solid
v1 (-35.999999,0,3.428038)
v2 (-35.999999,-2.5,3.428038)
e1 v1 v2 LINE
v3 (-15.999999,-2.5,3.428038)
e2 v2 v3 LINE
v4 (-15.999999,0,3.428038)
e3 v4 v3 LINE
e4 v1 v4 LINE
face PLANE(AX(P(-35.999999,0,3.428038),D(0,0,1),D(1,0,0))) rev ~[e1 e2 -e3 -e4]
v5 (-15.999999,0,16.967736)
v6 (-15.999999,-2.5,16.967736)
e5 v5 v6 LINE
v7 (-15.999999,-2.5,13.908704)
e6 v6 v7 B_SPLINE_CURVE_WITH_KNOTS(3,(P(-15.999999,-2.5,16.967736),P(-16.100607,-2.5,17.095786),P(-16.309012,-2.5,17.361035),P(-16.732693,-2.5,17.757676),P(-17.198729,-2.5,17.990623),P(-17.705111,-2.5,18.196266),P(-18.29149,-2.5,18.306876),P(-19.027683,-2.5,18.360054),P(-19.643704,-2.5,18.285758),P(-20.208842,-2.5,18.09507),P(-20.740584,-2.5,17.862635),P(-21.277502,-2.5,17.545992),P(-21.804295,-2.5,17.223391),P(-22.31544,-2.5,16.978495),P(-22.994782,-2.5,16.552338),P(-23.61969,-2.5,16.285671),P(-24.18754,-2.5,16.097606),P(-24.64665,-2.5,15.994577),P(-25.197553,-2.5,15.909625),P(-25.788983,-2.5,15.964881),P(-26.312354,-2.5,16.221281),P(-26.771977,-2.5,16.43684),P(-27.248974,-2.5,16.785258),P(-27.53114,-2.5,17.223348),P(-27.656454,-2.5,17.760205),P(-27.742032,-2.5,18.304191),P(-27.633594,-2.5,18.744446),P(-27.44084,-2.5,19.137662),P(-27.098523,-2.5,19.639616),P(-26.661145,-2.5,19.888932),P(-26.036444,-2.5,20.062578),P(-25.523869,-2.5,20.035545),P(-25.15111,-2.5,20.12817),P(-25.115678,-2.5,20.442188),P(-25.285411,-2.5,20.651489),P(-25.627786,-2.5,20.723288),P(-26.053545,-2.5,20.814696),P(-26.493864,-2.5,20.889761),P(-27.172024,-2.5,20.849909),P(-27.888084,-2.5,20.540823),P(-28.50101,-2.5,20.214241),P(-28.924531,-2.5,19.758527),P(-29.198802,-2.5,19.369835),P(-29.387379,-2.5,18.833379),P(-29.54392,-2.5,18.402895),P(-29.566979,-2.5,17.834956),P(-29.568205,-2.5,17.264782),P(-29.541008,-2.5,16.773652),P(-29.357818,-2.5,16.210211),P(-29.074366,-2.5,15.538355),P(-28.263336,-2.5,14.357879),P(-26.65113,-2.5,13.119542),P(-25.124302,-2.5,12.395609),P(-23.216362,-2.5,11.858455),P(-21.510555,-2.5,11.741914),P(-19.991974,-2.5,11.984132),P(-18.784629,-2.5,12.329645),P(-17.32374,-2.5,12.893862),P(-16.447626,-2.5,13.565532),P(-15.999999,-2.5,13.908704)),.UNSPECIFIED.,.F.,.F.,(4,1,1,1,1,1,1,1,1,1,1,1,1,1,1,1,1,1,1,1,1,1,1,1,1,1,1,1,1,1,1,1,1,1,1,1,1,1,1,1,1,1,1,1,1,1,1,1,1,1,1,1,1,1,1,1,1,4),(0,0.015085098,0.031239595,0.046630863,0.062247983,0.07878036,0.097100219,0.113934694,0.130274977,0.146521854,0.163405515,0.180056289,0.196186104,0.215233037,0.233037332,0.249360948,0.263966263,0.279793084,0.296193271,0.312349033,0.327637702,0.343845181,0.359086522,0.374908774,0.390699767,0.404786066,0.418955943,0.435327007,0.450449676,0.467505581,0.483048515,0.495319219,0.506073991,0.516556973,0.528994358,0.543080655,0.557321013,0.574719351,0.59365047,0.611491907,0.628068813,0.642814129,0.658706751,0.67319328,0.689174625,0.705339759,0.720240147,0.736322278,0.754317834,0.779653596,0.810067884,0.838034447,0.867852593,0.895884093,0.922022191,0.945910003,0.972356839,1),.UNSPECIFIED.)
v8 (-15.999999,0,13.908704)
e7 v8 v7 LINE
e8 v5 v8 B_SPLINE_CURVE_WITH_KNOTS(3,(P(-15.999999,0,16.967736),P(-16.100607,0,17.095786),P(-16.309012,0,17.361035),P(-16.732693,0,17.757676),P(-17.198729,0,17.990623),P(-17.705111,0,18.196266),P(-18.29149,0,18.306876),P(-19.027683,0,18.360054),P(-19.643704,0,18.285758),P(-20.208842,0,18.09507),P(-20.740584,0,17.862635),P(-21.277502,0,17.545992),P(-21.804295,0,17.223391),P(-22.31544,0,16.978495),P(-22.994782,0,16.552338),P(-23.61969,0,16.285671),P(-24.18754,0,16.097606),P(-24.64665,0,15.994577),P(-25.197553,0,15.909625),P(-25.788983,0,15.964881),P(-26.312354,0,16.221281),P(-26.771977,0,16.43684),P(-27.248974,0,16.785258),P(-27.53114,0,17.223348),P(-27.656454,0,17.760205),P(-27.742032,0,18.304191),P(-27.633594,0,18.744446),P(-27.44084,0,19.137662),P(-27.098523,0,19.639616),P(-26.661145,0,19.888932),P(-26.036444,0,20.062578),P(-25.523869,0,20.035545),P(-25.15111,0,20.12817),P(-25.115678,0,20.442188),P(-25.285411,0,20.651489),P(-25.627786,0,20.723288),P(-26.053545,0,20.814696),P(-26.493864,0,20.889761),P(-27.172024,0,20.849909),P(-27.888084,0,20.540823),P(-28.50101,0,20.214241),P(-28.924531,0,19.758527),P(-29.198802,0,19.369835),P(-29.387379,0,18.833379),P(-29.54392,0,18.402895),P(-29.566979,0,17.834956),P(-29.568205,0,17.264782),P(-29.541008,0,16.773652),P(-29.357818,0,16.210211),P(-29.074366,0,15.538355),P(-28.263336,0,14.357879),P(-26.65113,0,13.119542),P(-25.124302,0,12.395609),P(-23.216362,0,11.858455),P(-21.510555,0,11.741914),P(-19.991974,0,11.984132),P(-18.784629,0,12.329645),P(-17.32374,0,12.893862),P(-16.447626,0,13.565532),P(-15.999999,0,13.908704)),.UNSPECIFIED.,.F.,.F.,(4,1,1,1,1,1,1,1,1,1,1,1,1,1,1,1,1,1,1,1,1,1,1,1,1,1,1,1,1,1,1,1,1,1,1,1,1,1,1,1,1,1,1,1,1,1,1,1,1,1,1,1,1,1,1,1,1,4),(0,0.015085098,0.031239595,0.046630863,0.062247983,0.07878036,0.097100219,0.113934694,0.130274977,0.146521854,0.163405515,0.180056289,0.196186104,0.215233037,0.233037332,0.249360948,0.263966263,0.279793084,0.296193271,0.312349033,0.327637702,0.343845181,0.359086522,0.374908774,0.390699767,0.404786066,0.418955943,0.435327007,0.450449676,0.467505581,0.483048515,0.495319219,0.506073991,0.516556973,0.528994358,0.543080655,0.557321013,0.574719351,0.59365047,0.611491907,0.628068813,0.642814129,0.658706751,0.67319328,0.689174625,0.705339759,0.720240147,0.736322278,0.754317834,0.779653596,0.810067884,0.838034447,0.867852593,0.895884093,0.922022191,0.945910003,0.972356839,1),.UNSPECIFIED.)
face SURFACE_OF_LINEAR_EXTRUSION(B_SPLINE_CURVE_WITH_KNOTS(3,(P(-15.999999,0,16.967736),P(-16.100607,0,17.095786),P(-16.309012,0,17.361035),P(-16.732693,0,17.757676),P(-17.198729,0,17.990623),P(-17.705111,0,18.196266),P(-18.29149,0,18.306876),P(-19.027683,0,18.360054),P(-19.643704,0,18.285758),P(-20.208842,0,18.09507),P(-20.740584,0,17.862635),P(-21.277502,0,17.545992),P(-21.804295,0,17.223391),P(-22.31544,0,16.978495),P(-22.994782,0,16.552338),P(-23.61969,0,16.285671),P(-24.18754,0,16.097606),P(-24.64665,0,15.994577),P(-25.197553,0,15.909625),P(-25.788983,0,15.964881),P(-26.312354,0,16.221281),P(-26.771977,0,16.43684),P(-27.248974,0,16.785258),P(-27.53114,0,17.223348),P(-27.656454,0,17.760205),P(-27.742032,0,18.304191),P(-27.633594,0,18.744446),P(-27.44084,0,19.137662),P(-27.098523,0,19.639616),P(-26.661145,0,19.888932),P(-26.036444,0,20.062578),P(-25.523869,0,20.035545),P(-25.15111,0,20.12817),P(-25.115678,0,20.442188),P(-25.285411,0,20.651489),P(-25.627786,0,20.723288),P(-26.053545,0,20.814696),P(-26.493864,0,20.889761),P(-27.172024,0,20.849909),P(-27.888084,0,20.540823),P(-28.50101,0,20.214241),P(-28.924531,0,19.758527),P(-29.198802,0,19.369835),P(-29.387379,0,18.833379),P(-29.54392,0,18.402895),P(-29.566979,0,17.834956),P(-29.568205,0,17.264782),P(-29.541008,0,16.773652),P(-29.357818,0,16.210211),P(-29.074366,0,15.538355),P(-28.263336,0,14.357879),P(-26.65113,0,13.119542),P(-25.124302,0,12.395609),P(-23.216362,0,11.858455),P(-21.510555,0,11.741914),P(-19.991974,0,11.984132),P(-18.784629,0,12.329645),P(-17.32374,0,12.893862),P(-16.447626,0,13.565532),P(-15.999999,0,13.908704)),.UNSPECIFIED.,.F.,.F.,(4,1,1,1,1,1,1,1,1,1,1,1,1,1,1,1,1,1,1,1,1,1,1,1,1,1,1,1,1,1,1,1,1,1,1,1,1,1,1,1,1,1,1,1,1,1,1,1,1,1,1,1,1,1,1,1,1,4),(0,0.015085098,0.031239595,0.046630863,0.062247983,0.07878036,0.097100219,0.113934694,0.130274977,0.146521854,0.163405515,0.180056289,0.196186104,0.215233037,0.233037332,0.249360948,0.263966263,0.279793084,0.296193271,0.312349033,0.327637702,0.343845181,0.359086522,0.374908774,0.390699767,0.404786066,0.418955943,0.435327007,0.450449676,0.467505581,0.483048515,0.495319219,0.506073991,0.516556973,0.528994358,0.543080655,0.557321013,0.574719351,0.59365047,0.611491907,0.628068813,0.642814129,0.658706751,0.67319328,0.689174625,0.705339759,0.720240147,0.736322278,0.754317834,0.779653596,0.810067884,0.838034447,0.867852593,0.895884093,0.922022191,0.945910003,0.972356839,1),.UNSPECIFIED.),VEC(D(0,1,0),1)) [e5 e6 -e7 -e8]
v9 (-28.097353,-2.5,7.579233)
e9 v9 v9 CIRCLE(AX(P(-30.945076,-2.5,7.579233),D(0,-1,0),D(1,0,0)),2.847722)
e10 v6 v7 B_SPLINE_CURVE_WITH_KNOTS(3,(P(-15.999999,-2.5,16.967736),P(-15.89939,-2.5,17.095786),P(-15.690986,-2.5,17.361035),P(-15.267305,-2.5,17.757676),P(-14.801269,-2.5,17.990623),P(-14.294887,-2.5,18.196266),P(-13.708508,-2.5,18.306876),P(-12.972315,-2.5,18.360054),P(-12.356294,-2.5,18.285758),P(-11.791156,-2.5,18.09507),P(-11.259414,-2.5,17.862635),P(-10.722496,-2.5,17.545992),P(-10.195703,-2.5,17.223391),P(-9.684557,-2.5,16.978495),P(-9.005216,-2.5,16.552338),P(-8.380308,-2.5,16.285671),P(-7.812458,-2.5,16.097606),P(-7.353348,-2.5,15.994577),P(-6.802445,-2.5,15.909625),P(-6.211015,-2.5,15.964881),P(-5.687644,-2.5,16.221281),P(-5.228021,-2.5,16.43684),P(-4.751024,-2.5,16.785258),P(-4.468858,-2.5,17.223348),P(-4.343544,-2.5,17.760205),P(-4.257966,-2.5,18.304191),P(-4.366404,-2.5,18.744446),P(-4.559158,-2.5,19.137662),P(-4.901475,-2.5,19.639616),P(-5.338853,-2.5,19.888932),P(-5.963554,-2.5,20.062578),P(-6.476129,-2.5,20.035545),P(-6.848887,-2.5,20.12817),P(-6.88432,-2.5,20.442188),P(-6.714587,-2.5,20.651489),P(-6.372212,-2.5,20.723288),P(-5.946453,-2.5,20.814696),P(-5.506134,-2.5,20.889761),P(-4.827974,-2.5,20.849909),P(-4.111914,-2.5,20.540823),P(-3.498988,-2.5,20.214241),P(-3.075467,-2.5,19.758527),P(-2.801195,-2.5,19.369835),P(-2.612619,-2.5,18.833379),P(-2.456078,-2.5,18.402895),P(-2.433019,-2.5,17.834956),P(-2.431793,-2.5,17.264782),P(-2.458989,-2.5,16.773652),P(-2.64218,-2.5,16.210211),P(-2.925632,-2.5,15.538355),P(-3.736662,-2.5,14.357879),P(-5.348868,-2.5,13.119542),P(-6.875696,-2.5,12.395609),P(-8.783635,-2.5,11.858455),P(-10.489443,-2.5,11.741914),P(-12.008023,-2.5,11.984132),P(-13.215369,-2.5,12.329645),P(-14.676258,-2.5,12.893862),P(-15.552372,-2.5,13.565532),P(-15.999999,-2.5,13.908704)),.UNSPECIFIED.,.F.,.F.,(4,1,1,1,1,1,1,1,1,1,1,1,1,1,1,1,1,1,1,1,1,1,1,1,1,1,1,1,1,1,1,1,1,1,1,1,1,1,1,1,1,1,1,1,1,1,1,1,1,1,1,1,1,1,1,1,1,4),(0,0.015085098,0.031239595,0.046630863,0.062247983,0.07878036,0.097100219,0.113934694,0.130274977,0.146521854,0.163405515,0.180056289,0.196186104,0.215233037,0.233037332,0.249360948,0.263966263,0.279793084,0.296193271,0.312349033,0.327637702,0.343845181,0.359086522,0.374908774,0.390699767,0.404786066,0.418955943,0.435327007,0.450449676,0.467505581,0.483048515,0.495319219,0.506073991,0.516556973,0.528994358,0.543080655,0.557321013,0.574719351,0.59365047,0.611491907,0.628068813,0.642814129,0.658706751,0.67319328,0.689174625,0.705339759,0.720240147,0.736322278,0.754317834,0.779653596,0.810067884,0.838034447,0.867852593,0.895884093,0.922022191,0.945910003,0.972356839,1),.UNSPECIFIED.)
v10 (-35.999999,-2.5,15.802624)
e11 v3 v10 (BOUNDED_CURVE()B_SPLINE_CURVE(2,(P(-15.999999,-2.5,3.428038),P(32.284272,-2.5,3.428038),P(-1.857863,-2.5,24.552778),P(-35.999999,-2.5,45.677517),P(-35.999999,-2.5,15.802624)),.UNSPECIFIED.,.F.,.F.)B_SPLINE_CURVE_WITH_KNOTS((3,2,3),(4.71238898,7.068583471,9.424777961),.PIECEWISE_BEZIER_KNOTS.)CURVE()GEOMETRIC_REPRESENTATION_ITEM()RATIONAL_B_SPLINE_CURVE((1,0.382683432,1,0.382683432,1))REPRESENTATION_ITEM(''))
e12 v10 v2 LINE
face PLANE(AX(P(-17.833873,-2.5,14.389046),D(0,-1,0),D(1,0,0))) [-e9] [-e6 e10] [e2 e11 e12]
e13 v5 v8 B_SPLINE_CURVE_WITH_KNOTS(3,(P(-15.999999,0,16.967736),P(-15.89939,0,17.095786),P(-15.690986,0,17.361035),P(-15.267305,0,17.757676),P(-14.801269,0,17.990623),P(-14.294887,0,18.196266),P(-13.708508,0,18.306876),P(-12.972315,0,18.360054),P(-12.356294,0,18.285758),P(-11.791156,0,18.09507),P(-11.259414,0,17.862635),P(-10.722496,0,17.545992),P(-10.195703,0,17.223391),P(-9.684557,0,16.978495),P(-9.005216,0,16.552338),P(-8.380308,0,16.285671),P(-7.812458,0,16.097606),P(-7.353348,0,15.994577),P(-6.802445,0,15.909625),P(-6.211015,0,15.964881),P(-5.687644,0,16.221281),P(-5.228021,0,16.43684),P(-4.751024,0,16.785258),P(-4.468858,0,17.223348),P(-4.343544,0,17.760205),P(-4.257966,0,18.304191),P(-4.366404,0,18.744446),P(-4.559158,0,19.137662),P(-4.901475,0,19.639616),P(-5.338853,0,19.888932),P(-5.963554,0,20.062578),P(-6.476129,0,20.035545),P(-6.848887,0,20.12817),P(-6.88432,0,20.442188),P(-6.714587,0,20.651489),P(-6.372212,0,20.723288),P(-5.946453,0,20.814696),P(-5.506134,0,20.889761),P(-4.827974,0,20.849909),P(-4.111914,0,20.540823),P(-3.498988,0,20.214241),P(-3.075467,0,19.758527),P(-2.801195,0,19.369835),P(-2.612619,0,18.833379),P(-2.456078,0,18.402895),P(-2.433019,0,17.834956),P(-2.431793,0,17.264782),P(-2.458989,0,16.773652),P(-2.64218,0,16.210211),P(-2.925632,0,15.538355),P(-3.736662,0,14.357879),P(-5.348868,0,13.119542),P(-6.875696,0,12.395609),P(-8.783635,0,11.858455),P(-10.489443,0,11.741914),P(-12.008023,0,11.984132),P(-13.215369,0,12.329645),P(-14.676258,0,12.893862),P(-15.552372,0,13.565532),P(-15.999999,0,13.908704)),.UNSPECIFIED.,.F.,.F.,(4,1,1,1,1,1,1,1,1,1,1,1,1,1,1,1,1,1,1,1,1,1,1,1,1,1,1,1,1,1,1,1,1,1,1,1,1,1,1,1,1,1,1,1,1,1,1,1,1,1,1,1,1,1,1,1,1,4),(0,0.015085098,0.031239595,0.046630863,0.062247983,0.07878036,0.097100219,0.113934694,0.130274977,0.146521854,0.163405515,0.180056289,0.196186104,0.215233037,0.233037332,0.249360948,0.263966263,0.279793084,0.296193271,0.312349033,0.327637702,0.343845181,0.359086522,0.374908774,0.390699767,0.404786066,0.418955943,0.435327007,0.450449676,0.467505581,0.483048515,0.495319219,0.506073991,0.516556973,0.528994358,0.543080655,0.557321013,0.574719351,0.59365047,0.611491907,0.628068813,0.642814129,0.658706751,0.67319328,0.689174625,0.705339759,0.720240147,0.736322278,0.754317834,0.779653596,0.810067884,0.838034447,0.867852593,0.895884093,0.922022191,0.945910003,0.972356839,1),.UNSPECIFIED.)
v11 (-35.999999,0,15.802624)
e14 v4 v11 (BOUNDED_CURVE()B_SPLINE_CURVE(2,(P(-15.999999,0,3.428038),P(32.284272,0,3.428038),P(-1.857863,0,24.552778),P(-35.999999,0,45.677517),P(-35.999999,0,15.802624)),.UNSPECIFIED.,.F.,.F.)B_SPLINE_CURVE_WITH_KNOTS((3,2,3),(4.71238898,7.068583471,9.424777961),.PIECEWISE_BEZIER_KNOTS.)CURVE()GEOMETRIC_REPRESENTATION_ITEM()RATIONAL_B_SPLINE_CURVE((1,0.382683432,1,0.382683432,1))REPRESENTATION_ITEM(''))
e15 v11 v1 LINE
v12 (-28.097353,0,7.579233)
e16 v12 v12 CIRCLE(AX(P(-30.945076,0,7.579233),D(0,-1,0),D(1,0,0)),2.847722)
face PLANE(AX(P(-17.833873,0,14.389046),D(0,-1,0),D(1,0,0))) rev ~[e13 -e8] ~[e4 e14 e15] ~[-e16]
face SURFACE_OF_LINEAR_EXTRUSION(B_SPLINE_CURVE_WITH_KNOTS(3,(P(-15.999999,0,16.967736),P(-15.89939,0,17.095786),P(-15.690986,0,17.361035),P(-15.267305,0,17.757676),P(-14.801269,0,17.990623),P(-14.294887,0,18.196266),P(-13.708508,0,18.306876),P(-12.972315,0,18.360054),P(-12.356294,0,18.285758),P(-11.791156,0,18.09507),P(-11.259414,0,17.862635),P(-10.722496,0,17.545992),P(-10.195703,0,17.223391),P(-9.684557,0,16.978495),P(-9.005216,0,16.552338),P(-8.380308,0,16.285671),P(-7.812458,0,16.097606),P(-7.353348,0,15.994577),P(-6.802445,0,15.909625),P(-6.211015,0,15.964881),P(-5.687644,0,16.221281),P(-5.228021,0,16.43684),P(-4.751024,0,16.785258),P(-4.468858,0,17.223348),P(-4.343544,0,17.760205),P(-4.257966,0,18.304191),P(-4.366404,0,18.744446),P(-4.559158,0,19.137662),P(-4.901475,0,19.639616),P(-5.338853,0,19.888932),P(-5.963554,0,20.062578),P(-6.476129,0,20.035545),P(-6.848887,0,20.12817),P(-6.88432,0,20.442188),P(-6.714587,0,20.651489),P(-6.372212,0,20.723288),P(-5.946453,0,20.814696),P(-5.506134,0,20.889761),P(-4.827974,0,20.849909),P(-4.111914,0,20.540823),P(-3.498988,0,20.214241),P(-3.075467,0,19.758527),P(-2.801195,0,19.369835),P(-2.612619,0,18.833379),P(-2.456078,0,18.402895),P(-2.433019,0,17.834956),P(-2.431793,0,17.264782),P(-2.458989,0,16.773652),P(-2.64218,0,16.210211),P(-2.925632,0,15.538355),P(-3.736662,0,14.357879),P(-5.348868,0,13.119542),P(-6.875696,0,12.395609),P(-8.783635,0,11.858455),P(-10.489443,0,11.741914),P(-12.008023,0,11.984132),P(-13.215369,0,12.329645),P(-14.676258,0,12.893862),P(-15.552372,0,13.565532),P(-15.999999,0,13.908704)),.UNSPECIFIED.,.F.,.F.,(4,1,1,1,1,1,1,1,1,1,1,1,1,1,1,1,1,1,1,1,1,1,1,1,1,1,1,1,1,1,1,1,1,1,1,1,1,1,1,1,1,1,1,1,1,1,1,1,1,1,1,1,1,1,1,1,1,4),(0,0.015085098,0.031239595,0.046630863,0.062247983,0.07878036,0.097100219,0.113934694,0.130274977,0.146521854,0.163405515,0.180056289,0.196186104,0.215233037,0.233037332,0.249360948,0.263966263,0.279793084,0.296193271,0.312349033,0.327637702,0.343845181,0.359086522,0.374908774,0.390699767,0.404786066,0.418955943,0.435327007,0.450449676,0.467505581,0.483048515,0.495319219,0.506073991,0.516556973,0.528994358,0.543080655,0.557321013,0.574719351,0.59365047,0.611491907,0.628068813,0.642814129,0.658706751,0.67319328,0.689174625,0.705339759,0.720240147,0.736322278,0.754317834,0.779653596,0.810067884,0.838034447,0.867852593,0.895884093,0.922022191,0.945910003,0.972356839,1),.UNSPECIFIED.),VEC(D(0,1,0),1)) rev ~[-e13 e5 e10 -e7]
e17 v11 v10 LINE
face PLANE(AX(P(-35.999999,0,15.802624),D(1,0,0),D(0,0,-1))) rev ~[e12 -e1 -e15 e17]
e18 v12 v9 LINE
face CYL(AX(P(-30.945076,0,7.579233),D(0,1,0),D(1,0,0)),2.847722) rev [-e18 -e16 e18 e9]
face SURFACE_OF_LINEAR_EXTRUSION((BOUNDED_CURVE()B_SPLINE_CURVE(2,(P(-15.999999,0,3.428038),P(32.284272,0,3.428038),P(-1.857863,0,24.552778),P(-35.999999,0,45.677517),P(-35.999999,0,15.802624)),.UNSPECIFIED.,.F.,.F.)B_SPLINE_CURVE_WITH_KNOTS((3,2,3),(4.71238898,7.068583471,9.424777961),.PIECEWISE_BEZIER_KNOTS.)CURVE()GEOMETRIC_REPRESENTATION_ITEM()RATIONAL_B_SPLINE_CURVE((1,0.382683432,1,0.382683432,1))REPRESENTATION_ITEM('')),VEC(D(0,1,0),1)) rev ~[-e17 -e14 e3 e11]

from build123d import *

# Parameters (mm, degrees)
F0_R     = 2.8477224049
F1_DEPTH = 2.5


with BuildPart() as f1:
    # F0 (on Front) → F1 (new body)
    with BuildSketch(Plane.XZ):
        with BuildLine():
            Line((-35.9999988973, 3.4280383327), (-15.9999988973, 3.4280383327))
            add(Edge.make_bspline(
                [(-15.9999988973, 3.4280383327), (32.2842723501, 3.4280383327), (-1.8578632736, 24.5527776114), (-35.9999988973, 45.6775168902), (-35.9999988973, 15.8026241006)],
                knots=[4.7123889804, 4.7123889804, 4.7123889804, 7.0685834706, 7.0685834706, 9.4247779608, 9.4247779608, 9.4247779608], degree=2, weights=[1, 0.3826834324, 1, 0.3826834324, 1]))
            Line((-35.9999988973, 15.8026241006), (-35.9999988973, 3.4280383327))
        make_face()
        with Locations((-30.9450756931, 7.5792328205)):
            Circle(F0_R, mode=Mode.SUBTRACT)
        with BuildLine():
            add(Edge.make_bspline(
                [(-15.9999988973, 16.9677362805), (-16.1006074137, 17.0957864839), (-16.3090117601, 17.3610346608), (-16.7326926163, 17.7576761032), (-17.1987285889, 17.9906230371), (-17.7051110312, 18.1962660405), (-18.2914896088, 18.3068757965), (-19.0276832886, 18.3600535344), (-19.6437038134, 18.2857578834), (-20.2088415379, 18.0950697362), (-20.7405835514, 17.8626347743), (-21.2775015868, 17.5459918135), (-21.8042946208, 17.2233914034), (-22.3154404549, 16.9784952904), (-22.9947815023, 16.55233784), (-23.6196895807, 16.2856712335), (-24.1875399943, 16.097605559), (-24.6466499647, 15.9945765116), (-25.1975526219, 15.9096248761), (-25.7889826563, 15.9648809651), (-26.3123539704, 16.2212809119), (-26.7719767009, 16.4368401852), (-27.2489737916, 16.7852579154), (-27.5311402197, 17.2233476504), (-27.656453729, 17.760204852), (-27.7420315074, 18.3041909153), (-27.6335935378, 18.7444457583), (-27.4408400318, 19.1376616088), (-27.098522746, 19.6396157647), (-26.6611447301, 19.8889322538), (-26.0364439923, 20.0625776236), (-25.5238691231, 20.0355449762), (-25.1511103696, 20.128170378), (-25.1156777416, 20.4421879496), (-25.2854105685, 20.6514893259), (-25.6277862426, 20.7232877366), (-26.0535446672, 20.8146955799), (-26.4938635881, 20.8897612616), (-27.1720237652, 20.8499094966), (-27.8880839826, 20.540823416), (-28.5010102897, 20.2142406051), (-28.9245307489, 19.7585271807), (-29.1988023022, 19.3698353712), (-29.3873785183, 18.8333791547), (-29.5439201981, 18.4028947023), (-29.5669792364, 17.8349557343), (-29.5682052026, 17.2647816675), (-29.5410083124, 16.7736520527), (-29.3578177405, 16.2102105127), (-29.074365712, 15.5383552463), (-28.2633360754, 14.3578786698), (-26.6511297426, 13.1195420477), (-25.1243015769, 12.3956092321), (-23.2163623951, 11.8584554497), (-21.5105548845, 11.7419140451), (-19.9919743524, 11.9841320778), (-18.7846290295, 12.3296447258), (-17.3237402613, 12.8938618085), (-16.4476256569, 13.5655320936), (-15.9999988973, 13.9087036282)],
                knots=[0, 0, 0, 0, 0.0150850983, 0.0312395952, 0.0466308626, 0.0622479828, 0.0787803596, 0.0971002185, 0.1139346944, 0.1302749771, 0.1465218542, 0.1634055152, 0.1800562894, 0.1961861044, 0.2152330371, 0.2330373315, 0.2493609484, 0.2639662627, 0.2797930842, 0.296193271, 0.3123490333, 0.3276377018, 0.3438451815, 0.3590865218, 0.3749087736, 0.3906997669, 0.4047860662, 0.4189559433, 0.4353270066, 0.4504496758, 0.4675055806, 0.4830485145, 0.4953192194, 0.5060739914, 0.5165569727, 0.5289943575, 0.5430806553, 0.5573210128, 0.5747193508, 0.5936504699, 0.6114919074, 0.6280688134, 0.6428141291, 0.6587067508, 0.6731932796, 0.689174625, 0.7053397587, 0.7202401467, 0.7363222785, 0.7543178335, 0.7796535959, 0.8100678837, 0.8380344468, 0.8678525927, 0.8958840931, 0.922022191, 0.9459100035, 0.9723568391, 1, 1, 1, 1], degree=3))
            add(Edge.make_bspline(
                [(-15.9999988973, 16.9677362805), (-15.8993903809, 17.0957864839), (-15.6909860345, 17.3610346608), (-15.2673051783, 17.7576761032), (-14.8012692057, 17.9906230371), (-14.2948867635, 18.1962660405), (-13.7085081858, 18.3068757965), (-12.972314506, 18.3600535344), (-12.3562939813, 18.2857578834), (-11.7911562568, 18.0950697362), (-11.2594142432, 17.8626347743), (-10.7224962078, 17.5459918135), (-10.1957031738, 17.2233914034), (-9.6845573397, 16.9784952904), (-9.0052162924, 16.55233784), (-8.3803082139, 16.2856712335), (-7.8124578004, 16.097605559), (-7.35334783, 15.9945765116), (-6.8024451727, 15.9096248761), (-6.2110151383, 15.9648809651), (-5.6876438243, 16.2212809119), (-5.2280210937, 16.4368401852), (-4.7510240031, 16.7852579154), (-4.4688575749, 17.2233476504), (-4.3435440656, 17.760204852), (-4.2579662872, 18.3041909153), (-4.3664042569, 18.7444457583), (-4.5591577628, 19.1376616088), (-4.9014750486, 19.6396157647), (-5.3388530645, 19.8889322538), (-5.9635538024, 20.0625776236), (-6.4761286716, 20.0355449762), (-6.848887425, 20.128170378), (-6.8843200531, 20.4421879496), (-6.7145872261, 20.6514893259), (-6.372211552, 20.7232877366), (-5.9464531275, 20.8146955799), (-5.5061342066, 20.8897612616), (-4.8279740294, 20.8499094966), (-4.111913812, 20.540823416), (-3.498987505, 20.2142406051), (-3.0754670457, 19.7585271807), (-2.8011954925, 19.3698353712), (-2.6126192764, 18.8333791547), (-2.4560775965, 18.4028947023), (-2.4330185582, 17.8349557343), (-2.431792592, 17.2647816675), (-2.4589894823, 16.7736520527), (-2.6421800542, 16.2102105127), (-2.9256320826, 15.5383552463), (-3.7366617192, 14.3578786698), (-5.348868052, 13.1195420477), (-6.8756962177, 12.3956092321), (-8.7836353996, 11.8584554497), (-10.4894429102, 11.7419140451), (-12.0080234422, 11.9841320778), (-13.2153687651, 12.3296447258), (-14.6762575333, 12.8938618085), (-15.5523721377, 13.5655320936), (-15.9999988973, 13.9087036282)],
                knots=[0, 0, 0, 0, 0.0150850983, 0.0312395952, 0.0466308626, 0.0622479828, 0.0787803596, 0.0971002185, 0.1139346944, 0.1302749771, 0.1465218542, 0.1634055152, 0.1800562894, 0.1961861044, 0.2152330371, 0.2330373315, 0.2493609484, 0.2639662627, 0.2797930842, 0.296193271, 0.3123490333, 0.3276377018, 0.3438451815, 0.3590865218, 0.3749087736, 0.3906997669, 0.4047860662, 0.4189559433, 0.4353270066, 0.4504496758, 0.4675055806, 0.4830485145, 0.4953192194, 0.5060739914, 0.5165569727, 0.5289943575, 0.5430806553, 0.5573210128, 0.5747193508, 0.5936504699, 0.6114919074, 0.6280688134, 0.6428141291, 0.6587067508, 0.6731932796, 0.689174625, 0.7053397587, 0.7202401467, 0.7363222785, 0.7543178335, 0.7796535959, 0.8100678837, 0.8380344468, 0.8678525927, 0.8958840931, 0.922022191, 0.9459100035, 0.9723568391, 1, 1, 1, 1], degree=3))
        make_face(mode=Mode.SUBTRACT)
    extrude(amount=F1_DEPTH)


solid = f1.part
